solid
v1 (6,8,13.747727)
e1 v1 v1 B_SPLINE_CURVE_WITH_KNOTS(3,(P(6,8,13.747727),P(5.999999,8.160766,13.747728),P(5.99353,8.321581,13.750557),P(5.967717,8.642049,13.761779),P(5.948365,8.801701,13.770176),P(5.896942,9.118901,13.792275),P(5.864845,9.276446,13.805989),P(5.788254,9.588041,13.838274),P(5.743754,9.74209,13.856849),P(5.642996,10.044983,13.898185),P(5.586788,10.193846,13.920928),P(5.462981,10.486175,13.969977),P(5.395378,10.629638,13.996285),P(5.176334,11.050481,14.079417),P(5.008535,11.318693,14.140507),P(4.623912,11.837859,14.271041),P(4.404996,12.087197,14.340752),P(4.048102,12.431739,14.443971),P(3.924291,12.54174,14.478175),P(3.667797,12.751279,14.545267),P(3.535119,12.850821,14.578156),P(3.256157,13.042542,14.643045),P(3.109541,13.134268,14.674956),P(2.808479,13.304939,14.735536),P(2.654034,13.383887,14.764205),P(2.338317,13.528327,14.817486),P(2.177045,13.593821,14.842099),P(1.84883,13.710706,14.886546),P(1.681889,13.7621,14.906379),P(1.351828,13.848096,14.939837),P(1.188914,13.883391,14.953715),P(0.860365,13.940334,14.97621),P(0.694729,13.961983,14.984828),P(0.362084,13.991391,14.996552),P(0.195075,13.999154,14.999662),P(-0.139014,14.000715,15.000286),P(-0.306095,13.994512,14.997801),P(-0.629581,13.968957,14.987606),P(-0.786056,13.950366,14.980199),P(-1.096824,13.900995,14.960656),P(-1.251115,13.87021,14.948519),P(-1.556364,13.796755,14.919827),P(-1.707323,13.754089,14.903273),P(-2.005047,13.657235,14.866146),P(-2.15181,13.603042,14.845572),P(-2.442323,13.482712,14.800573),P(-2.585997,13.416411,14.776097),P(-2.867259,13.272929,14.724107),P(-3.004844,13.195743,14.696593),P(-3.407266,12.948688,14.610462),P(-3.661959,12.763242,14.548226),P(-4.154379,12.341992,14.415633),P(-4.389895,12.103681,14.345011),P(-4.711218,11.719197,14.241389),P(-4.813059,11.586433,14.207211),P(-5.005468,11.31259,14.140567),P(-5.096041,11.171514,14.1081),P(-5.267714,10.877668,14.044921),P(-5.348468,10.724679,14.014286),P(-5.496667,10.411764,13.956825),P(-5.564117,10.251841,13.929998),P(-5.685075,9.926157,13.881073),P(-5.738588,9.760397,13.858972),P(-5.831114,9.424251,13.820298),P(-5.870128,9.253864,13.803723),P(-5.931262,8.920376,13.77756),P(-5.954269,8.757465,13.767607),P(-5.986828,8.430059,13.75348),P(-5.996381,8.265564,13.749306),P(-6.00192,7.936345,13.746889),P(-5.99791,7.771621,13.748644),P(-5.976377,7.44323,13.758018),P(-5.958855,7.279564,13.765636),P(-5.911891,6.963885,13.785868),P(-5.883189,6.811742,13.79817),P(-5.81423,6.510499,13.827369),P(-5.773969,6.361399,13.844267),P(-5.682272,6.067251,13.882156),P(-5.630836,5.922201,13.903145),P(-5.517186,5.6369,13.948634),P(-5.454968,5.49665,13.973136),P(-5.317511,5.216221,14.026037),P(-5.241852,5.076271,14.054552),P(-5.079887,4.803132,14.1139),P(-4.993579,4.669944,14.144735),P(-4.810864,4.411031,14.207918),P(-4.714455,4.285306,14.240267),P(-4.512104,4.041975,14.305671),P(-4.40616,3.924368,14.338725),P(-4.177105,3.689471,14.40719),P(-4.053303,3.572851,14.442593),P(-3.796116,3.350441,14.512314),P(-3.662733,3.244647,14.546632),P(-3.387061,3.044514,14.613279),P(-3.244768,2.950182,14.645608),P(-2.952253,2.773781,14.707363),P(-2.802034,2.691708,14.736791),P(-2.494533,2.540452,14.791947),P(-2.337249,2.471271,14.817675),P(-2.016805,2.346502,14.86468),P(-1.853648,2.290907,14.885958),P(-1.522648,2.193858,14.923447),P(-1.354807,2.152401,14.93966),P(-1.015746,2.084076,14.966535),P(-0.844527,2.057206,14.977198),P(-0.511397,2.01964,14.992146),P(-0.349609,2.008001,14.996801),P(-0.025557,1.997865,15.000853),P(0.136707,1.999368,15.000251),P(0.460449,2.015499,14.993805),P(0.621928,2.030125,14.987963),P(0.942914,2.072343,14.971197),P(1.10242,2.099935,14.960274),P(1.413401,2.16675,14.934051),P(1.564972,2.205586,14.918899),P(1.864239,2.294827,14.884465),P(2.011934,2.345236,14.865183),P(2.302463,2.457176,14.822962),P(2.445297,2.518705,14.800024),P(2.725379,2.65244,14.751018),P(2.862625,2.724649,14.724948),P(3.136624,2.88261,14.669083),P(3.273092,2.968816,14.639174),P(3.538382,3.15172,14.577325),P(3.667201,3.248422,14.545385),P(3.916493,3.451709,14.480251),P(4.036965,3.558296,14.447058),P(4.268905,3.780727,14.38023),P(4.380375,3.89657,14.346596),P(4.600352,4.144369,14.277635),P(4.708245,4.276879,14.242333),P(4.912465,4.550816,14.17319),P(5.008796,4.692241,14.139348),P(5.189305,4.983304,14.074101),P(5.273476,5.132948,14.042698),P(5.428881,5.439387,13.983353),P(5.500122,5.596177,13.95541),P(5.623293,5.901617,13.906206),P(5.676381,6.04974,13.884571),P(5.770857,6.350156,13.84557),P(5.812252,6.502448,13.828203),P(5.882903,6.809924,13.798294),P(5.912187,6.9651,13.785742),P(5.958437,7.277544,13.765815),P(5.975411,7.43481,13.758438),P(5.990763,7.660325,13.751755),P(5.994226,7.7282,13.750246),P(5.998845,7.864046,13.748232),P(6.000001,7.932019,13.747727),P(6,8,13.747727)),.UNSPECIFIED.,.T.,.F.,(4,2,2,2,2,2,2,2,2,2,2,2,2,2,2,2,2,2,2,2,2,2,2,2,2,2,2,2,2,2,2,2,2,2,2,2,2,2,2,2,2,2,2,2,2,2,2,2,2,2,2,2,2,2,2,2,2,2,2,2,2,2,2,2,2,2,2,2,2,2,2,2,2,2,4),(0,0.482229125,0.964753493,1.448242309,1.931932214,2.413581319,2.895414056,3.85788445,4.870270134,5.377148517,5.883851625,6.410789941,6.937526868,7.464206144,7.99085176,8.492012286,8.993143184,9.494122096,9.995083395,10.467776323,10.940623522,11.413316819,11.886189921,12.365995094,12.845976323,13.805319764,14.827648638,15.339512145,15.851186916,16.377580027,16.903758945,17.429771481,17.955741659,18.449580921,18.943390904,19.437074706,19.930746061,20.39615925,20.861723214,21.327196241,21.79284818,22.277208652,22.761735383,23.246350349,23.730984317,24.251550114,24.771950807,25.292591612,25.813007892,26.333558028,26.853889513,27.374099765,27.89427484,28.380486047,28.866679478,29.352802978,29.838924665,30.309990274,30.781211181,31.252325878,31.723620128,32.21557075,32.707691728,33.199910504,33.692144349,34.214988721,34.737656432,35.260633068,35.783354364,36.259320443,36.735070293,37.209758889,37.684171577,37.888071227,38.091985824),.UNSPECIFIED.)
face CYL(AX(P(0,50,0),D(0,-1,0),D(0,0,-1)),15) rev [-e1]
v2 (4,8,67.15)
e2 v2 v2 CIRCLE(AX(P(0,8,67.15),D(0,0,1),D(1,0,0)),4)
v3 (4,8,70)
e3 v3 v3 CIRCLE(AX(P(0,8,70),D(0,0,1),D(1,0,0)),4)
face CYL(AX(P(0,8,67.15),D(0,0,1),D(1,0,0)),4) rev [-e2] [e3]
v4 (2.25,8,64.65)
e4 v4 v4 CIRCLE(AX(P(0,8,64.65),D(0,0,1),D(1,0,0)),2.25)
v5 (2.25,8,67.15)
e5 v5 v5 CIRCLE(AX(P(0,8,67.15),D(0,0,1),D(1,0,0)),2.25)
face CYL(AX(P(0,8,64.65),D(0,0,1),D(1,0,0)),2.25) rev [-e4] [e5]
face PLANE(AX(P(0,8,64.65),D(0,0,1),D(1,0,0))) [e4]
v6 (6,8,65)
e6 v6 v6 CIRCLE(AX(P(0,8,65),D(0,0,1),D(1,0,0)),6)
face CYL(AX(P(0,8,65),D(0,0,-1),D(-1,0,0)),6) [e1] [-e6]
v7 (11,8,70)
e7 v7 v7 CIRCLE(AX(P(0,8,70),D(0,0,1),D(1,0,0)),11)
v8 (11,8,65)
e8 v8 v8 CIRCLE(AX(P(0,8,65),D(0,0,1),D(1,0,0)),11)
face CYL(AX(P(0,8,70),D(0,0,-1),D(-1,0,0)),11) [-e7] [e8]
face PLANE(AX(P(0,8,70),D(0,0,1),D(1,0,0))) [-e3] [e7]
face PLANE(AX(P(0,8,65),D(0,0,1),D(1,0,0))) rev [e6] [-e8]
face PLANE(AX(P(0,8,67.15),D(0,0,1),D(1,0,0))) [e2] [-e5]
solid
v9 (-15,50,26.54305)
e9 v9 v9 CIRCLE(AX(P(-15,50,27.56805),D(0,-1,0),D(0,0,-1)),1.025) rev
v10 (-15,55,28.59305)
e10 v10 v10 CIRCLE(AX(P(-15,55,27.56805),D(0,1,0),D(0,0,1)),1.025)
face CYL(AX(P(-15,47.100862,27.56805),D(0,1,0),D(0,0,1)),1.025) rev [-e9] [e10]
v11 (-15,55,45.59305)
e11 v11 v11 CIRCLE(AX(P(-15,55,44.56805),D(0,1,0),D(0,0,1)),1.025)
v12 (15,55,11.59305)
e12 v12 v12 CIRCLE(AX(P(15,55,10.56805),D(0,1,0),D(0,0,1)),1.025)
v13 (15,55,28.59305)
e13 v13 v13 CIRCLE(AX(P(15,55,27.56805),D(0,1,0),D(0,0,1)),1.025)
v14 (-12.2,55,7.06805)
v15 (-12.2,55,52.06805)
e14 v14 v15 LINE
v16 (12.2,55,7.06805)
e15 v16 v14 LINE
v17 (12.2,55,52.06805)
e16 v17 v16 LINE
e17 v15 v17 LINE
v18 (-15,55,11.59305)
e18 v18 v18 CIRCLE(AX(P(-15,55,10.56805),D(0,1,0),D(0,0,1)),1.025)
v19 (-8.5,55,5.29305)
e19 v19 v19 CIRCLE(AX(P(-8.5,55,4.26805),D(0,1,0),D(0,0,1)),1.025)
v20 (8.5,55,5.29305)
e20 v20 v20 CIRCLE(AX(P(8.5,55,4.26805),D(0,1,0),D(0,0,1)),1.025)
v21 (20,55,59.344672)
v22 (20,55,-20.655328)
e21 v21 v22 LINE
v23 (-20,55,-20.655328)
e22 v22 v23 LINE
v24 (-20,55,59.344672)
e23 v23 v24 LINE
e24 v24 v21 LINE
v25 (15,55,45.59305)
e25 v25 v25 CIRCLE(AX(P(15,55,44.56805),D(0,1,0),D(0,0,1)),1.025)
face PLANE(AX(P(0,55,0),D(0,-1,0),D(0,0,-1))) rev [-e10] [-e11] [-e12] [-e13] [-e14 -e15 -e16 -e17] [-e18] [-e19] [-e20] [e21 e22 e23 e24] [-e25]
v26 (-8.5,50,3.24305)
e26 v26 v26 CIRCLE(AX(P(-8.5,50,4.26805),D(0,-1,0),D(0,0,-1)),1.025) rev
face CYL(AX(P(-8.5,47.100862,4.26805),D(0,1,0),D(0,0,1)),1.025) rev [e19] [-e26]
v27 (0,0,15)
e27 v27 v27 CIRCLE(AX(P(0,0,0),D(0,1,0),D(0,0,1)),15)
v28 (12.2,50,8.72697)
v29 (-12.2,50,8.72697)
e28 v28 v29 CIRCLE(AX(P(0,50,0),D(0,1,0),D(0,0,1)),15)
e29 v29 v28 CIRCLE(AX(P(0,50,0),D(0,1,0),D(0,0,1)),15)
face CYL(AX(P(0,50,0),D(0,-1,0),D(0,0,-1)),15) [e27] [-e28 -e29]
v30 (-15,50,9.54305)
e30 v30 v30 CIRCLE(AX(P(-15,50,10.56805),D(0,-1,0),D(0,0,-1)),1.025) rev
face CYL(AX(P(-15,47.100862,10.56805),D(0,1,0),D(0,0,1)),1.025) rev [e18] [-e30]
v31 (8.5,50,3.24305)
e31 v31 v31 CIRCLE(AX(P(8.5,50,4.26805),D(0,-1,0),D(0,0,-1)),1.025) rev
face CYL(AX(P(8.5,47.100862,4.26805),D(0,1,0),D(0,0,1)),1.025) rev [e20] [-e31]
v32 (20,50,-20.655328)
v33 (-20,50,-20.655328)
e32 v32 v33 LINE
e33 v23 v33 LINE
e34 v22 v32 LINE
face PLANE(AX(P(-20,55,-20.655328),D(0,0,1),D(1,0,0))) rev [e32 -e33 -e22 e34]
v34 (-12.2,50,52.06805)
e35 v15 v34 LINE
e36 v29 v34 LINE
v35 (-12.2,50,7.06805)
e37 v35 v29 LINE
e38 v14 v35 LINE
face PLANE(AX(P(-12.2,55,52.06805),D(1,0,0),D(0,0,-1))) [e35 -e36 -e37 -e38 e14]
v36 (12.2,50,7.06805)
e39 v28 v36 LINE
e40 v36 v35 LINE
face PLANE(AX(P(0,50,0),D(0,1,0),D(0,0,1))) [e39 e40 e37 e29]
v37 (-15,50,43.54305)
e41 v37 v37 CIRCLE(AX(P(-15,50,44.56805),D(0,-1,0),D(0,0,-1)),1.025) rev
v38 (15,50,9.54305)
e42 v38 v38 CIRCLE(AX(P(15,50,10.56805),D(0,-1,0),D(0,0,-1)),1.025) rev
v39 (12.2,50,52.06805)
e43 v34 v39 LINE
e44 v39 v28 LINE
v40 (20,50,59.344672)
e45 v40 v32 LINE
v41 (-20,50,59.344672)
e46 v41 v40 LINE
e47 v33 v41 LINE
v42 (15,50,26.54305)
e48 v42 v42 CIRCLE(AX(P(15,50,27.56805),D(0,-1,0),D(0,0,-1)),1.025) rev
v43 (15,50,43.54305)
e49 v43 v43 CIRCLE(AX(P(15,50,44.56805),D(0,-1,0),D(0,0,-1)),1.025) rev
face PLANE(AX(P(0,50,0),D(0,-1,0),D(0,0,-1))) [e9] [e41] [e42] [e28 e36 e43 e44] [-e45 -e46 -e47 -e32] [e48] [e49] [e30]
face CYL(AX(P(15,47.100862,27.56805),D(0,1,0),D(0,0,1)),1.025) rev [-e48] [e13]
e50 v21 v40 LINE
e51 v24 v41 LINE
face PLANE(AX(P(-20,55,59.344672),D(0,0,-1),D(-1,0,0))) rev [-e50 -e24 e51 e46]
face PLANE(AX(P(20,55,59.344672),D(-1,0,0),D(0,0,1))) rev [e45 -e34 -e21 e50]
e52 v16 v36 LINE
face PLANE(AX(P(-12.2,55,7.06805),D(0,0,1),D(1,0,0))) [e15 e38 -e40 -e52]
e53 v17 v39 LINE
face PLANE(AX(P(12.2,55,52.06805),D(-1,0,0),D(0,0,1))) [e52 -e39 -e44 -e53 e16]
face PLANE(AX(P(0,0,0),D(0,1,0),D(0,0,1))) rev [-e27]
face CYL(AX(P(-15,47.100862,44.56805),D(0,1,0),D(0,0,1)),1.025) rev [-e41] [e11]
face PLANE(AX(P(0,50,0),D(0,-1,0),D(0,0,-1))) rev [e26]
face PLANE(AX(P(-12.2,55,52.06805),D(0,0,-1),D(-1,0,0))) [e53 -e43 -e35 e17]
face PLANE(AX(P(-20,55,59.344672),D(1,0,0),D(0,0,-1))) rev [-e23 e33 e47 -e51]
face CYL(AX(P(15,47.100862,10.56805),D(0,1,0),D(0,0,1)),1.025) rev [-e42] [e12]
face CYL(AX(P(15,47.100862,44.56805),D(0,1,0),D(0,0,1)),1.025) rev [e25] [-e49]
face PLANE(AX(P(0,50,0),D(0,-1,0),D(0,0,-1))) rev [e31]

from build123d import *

# Parameters (mm, degrees)
SKETCH1_R                            = 15
BOSS_EXTRUDE1_DEPTH                  = 50
SKETCH2_R                            = 6
BOSS_EXTRUDE2_DEPTH                  = 50
BOSS_EXTRUDE2_DIRECTION_2_REACH      = 62.208
BOSS_EXTRUDE2_DIRECTION_2_END_RADIUS = 15
SKETCH6_R                            = 11
BOSS_EXTRUDE4_DEPTH                  = 5
SKETCH7_W                            = 40
SKETCH7_H                            = 80
SKETCH7_W_2                          = 24.4
SKETCH7_H_2                          = 45
BOSS_EXTRUDE5_DEPTH                  = 5
SKETCH8_R                            = 1.025
CUT_EXTRUDE3_DEPTH                   = 5
SKETCH9_R                            = 4
CUT_EXTRUDE4_DEPTH                   = 2.85
SKETCH10_R                           = 2.25
CUT_EXTRUDE5_DEPTH                   = 2.5


with BuildPart() as part:
    # Sketch1 → Boss-Extrude1 (new body)
    with BuildSketch(Plane(origin=(0, 0, 0), x_dir=(1, 0, 0), z_dir=(0, 1, 0))):
        with Locations(Location((0, 0, 0), (0, 0, 270))):
            Circle(SKETCH1_R)
    extrude(amount=BOSS_EXTRUDE1_DEPTH)

    # Sketch7 → Boss-Extrude5 (add)
    with BuildSketch(Plane(origin=(0, 50, 0), x_dir=(1, 0, 0), z_dir=(0, 1, 0))):
        with Locations((0, -19.344671948)):
            Rectangle(SKETCH7_W, SKETCH7_H)
        with Locations((0, -29.568049779)):
            Rectangle(SKETCH7_W_2, SKETCH7_H_2, mode=Mode.SUBTRACT)
    extrude(amount=BOSS_EXTRUDE5_DEPTH)

    # Sketch8 → Cut-Extrude3 (cut)
    with BuildSketch(Plane(origin=(0, 55, 0), x_dir=(1, 0, 0), z_dir=(0, 1, 0))):
        with Locations(Location((15, -44.568049778, 0), (0, 0, 270))):
            Circle(SKETCH8_R)
        with Locations(Location((15, -27.568049778, 0), (0, 0, 270))):
            Circle(SKETCH8_R)
        with Locations(Location((15, -10.568049778, 0), (0, 0, 270))):
            Circle(SKETCH8_R)
        with Locations(Location((8.5, -4.268049778, 0), (0, 0, 270))):
            Circle(SKETCH8_R)
        with Locations(Location((-8.5, -4.268049778, 0), (0, 0, 270))):
            Circle(SKETCH8_R)
        with Locations(Location((-15, -10.568049778, 0), (0, 0, 270))):
            Circle(SKETCH8_R)
        with Locations(Location((-15, -27.568049778, 0), (0, 0, 270))):
            Circle(SKETCH8_R)
        with Locations(Location((-15, -44.568049778, 0), (0, 0, 270))):
            Circle(SKETCH8_R)
    extrude(amount=-CUT_EXTRUDE3_DEPTH, mode=Mode.SUBTRACT)


with BuildPart() as body_2:
    # Sketch2 → Boss-Extrude2 (new body)
    with BuildSketch(Plane.XY.offset(15)):
        with Locations((0, 8)):
            Circle(SKETCH2_R)
    extrude(amount=BOSS_EXTRUDE2_DEPTH)

    # Boss-Extrude2 direction 2: up to this cylinder (the profile starts outside it)
    boss_extrude2_direction_2_end = Plane(origin=(0, 8, 0), z_dir=(0, -1, 0)) * Cylinder(BOSS_EXTRUDE2_DIRECTION_2_END_RADIUS, 155.416, mode=Mode.PRIVATE)
    # Sketch2 → Boss-Extrude2 direction 2 (add, up to the surface)
    with BuildSketch(Plane.XY.offset(15), mode=Mode.PRIVATE) as boss_extrude2_direction_2_sk1:
        with Locations((0, 8)):
            Circle(SKETCH2_R)
    boss_extrude2_direction_2_tool1 = extrude(boss_extrude2_direction_2_sk1.sketch, amount=-BOSS_EXTRUDE2_DIRECTION_2_REACH, mode=Mode.PRIVATE) - boss_extrude2_direction_2_end
    add(boss_extrude2_direction_2_tool1.solids().sort_by_distance((0, 8, 15))[0])
    add(boss_extrude2_direction_2_tool1.solids().sort_by_distance((0, 8, 15))[1])

    # Sketch6 → Boss-Extrude4 (add)
    with BuildSketch(Plane.XY.offset(65)):
        with Locations((0, 8)):
            Circle(SKETCH6_R)
    extrude(amount=BOSS_EXTRUDE4_DEPTH)

    # Sketch9 → Cut-Extrude4 (cut)
    with BuildSketch(Plane.XY.offset(70)):
        with Locations((0, 8)):
            Circle(SKETCH9_R)
    extrude(amount=-CUT_EXTRUDE4_DEPTH, mode=Mode.SUBTRACT)

    # Sketch10 → Cut-Extrude5 (cut)
    with BuildSketch(Plane.XY.offset(67.15)):
        with Locations((0, 8)):
            Circle(SKETCH10_R)
    extrude(amount=-CUT_EXTRUDE5_DEPTH, mode=Mode.SUBTRACT)


solid = Compound([part.part, body_2.part])
